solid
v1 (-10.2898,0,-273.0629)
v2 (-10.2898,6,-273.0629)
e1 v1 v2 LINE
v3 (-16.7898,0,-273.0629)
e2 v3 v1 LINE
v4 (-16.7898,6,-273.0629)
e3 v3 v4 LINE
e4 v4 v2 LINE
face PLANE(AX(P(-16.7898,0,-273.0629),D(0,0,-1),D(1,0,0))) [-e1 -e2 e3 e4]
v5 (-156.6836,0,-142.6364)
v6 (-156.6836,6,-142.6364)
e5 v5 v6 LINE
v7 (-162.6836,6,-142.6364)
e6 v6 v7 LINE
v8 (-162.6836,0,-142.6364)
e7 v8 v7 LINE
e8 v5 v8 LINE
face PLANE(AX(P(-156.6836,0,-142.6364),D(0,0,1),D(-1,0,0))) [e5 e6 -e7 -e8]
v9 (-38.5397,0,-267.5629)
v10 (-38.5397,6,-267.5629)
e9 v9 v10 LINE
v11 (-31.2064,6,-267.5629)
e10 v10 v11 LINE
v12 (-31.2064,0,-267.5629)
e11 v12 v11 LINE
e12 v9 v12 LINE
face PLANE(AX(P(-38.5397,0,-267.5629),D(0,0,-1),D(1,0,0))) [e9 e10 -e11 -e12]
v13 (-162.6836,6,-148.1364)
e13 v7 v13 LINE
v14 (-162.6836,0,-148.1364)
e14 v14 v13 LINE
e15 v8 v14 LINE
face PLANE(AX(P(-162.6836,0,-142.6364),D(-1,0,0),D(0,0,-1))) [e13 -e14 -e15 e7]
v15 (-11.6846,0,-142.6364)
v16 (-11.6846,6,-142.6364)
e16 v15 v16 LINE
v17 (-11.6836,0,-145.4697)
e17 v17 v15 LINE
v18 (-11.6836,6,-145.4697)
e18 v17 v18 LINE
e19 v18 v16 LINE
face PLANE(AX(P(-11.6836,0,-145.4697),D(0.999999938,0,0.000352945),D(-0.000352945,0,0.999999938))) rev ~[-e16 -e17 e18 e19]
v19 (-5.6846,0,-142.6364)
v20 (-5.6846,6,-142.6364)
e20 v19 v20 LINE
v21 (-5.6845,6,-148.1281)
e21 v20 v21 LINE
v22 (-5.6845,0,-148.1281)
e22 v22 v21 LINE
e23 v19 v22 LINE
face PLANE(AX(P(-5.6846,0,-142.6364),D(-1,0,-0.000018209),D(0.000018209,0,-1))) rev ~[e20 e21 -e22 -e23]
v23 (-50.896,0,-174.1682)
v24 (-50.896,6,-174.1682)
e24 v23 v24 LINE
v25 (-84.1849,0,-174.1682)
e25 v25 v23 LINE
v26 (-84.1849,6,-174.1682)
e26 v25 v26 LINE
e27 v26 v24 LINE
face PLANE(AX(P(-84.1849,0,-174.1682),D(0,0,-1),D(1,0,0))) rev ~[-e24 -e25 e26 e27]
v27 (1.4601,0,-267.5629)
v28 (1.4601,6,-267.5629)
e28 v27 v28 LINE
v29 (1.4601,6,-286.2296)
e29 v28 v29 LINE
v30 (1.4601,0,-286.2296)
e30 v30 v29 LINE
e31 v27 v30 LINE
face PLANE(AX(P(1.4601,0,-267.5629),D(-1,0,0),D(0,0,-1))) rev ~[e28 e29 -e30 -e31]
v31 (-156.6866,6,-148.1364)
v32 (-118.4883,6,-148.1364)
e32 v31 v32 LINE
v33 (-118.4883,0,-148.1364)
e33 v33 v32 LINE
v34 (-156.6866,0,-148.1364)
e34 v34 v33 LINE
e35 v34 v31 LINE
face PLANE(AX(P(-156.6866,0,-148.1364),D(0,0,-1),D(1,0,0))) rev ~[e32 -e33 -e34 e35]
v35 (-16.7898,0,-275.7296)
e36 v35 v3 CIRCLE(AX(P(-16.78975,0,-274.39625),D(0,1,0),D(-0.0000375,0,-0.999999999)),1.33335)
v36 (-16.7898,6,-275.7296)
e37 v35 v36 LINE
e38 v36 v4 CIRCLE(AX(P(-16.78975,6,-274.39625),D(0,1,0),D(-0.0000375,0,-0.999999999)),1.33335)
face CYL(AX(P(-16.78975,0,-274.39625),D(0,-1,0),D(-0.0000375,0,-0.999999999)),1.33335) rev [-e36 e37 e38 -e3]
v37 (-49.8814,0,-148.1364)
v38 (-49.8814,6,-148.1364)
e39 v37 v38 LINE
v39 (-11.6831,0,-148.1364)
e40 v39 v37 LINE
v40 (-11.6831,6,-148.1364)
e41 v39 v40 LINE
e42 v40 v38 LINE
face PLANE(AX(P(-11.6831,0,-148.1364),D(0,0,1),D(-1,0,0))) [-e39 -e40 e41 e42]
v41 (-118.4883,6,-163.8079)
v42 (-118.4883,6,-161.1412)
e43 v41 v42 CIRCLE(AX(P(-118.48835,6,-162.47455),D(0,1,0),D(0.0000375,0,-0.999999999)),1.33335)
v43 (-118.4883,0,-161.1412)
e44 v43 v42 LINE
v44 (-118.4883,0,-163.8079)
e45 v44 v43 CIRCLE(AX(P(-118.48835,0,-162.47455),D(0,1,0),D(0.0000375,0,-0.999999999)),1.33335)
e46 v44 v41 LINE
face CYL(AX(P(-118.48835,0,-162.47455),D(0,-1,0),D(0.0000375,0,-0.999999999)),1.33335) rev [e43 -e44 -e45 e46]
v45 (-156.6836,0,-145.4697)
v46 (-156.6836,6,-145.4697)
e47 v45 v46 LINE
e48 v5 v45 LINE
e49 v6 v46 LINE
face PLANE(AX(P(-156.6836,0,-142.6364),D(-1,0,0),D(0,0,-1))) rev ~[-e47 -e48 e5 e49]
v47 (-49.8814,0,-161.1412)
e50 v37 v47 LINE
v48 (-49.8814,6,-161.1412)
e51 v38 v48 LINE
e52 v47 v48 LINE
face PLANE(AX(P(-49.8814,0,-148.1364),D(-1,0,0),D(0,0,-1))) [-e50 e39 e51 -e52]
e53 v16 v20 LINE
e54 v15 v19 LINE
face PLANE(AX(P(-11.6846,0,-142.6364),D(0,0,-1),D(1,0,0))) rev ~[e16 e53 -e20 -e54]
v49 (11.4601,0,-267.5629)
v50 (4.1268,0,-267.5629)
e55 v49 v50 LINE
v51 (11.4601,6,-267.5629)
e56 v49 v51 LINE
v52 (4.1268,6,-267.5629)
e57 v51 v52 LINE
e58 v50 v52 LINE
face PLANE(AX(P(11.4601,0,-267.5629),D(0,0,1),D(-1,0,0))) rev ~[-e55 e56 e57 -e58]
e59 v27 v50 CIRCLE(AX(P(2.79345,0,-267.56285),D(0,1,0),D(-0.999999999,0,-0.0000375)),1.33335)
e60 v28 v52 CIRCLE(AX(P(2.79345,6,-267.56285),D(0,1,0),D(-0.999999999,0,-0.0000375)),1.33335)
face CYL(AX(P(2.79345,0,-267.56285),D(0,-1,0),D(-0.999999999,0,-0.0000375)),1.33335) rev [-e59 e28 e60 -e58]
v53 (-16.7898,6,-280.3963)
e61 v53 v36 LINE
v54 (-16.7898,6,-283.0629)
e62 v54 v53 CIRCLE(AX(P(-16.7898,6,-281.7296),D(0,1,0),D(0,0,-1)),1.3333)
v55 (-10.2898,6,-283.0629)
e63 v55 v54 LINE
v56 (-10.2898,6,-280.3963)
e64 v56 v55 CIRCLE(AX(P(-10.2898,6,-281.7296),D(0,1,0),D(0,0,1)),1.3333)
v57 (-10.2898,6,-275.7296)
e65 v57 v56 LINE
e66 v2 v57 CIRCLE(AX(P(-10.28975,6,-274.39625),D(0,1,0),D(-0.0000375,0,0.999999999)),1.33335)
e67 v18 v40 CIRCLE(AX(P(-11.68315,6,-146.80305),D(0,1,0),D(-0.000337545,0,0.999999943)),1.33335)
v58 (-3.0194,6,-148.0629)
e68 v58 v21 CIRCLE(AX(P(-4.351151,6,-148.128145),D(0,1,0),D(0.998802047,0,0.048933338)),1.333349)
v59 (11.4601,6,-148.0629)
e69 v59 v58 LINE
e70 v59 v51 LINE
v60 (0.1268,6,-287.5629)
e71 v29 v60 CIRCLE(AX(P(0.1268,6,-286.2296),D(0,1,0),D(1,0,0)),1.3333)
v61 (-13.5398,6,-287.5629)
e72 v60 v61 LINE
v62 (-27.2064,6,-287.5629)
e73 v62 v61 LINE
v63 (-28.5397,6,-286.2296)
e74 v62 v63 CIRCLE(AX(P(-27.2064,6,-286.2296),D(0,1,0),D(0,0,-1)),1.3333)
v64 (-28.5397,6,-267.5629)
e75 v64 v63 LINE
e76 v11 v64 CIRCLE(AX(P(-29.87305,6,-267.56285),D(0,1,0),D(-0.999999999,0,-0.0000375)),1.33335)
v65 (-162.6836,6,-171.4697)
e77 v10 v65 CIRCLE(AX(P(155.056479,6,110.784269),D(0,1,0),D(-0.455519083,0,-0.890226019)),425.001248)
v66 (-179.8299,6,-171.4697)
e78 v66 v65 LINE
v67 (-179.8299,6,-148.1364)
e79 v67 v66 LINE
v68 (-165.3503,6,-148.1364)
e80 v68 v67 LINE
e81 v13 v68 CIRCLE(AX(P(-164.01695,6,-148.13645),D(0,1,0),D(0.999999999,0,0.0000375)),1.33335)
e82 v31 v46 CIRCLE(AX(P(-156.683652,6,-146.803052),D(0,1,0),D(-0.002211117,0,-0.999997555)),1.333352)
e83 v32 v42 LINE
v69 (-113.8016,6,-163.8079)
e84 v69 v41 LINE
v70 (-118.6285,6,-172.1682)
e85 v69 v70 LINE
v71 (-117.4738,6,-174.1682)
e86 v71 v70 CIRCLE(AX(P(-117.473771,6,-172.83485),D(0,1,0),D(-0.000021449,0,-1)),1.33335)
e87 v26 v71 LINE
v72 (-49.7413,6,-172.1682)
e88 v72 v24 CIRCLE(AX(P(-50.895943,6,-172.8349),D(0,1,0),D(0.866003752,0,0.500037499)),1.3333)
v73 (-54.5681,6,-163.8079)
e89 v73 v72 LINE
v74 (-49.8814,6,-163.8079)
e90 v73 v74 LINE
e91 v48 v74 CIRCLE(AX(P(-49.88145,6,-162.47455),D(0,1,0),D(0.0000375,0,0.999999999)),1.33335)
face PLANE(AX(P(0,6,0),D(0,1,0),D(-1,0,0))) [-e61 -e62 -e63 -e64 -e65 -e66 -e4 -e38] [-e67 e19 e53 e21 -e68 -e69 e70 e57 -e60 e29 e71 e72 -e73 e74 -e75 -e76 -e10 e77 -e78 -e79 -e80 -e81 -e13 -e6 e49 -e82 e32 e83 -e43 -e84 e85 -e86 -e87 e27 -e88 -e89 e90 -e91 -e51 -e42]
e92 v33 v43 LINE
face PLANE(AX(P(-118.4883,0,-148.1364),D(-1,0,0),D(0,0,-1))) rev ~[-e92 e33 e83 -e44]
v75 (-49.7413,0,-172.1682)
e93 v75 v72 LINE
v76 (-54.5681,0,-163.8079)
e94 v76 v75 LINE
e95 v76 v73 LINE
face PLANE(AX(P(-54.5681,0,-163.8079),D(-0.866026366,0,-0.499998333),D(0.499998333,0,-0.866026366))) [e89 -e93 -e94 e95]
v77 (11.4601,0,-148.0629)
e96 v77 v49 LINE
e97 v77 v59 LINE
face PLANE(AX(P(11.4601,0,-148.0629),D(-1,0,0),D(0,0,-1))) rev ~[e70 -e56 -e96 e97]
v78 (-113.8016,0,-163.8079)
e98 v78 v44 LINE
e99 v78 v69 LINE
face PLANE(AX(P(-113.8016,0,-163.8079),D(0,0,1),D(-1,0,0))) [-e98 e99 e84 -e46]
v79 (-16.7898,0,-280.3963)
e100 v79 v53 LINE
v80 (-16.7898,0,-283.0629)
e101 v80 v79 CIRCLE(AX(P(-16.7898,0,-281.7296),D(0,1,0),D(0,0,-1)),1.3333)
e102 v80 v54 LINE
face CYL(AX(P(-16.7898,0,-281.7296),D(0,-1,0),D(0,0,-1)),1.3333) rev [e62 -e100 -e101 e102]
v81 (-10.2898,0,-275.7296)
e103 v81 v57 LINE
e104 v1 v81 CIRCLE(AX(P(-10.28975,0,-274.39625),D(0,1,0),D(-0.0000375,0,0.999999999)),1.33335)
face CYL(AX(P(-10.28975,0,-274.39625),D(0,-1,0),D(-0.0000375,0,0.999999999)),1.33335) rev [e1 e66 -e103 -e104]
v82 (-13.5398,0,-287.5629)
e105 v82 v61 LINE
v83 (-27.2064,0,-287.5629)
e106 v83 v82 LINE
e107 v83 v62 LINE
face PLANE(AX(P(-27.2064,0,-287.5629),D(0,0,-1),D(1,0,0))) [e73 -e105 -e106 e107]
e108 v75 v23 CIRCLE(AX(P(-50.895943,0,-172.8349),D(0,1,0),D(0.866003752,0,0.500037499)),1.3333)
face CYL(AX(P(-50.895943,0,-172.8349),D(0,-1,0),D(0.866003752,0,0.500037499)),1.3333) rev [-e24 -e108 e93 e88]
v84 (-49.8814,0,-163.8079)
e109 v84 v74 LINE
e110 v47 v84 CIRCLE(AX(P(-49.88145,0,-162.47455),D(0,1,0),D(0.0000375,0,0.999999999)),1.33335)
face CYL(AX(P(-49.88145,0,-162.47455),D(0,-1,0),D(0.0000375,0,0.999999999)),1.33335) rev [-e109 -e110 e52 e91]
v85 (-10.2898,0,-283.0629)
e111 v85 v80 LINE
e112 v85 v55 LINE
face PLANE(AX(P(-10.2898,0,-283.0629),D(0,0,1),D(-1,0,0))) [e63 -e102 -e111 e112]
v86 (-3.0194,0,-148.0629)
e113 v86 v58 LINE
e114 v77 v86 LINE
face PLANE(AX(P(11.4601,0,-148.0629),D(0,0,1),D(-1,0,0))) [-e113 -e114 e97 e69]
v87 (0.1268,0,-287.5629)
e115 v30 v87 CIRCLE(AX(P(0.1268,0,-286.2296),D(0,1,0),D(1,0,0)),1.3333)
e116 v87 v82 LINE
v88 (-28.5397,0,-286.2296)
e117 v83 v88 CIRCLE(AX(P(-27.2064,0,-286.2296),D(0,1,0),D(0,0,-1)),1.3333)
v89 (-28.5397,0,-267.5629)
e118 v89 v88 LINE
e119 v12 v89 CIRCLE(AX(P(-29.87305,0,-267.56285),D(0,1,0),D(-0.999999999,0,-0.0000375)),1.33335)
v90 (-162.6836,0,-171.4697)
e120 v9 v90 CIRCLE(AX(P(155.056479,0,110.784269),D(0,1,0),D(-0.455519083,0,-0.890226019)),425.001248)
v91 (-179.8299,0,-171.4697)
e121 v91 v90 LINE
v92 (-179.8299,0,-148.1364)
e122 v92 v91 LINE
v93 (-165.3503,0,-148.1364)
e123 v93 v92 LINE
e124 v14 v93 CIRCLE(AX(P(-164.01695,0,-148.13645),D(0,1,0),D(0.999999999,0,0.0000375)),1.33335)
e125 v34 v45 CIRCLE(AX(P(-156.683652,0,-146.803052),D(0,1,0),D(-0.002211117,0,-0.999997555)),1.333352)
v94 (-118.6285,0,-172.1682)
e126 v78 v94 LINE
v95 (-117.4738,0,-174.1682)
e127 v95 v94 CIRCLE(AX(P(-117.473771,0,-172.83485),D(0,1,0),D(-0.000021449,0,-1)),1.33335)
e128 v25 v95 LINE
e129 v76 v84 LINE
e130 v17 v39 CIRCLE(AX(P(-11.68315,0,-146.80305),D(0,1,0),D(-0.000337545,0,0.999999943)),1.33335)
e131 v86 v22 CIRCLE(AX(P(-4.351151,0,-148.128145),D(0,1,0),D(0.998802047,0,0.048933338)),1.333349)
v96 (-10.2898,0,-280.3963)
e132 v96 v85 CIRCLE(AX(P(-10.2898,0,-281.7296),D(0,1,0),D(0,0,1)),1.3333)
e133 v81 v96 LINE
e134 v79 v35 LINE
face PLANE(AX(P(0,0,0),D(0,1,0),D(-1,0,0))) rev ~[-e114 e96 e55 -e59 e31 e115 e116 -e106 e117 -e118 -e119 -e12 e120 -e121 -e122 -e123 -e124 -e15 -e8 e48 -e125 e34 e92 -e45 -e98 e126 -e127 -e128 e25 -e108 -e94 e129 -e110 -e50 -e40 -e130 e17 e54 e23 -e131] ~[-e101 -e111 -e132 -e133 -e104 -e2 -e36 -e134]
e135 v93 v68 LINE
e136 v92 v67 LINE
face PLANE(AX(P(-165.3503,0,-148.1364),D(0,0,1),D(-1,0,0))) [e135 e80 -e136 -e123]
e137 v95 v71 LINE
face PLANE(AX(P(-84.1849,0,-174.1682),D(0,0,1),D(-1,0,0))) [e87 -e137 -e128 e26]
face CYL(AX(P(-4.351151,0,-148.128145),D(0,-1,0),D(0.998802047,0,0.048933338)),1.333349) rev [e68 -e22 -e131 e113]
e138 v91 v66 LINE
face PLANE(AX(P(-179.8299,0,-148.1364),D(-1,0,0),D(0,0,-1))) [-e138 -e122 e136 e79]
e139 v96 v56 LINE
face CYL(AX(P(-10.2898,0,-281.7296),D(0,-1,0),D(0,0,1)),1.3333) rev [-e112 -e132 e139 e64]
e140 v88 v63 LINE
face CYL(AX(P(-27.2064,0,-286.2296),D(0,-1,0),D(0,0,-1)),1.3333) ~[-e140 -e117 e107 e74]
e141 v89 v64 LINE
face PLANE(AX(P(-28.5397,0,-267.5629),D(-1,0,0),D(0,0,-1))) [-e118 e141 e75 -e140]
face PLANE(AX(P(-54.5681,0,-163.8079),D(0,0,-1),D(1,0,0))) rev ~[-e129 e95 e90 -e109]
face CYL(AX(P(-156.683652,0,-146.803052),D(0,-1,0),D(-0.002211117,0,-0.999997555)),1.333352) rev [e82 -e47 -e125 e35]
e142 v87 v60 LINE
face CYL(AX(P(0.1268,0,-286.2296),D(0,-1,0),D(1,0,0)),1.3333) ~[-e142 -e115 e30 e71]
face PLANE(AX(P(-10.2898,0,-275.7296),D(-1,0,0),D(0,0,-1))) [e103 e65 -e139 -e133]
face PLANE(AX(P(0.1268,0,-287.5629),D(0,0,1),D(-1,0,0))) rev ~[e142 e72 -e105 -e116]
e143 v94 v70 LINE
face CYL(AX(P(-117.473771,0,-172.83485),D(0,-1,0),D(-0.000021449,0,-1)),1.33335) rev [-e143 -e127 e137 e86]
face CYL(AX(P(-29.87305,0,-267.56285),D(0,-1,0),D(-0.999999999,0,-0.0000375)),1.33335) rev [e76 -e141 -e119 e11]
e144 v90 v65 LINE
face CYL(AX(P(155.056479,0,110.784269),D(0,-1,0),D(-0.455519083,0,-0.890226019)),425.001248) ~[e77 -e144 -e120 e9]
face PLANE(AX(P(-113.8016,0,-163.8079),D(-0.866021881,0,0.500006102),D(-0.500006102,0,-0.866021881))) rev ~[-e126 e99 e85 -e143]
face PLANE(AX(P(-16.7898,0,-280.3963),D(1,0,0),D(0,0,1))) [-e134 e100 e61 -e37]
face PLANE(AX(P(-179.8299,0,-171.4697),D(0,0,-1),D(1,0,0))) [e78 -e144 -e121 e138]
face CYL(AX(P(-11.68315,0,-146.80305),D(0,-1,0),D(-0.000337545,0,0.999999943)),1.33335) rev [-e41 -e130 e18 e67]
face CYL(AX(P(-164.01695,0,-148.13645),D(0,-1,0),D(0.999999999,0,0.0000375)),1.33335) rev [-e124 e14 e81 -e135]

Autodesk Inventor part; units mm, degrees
ref_plane "YZ Plane" through (0, 0, 0) normal (1, 0, 0) x (0, 1, 0)
ref_plane "XZ Plane" through (0, 0, 0) normal (0, 1, 0) x (-1, 0, 0)
ref_plane "XY Plane" through (0, 0, 0) normal (0, 0, 1) x (1, 0, 0)
sketch "Sketch1" plane through (0, 0, 0) normal (0, 1, 0) x (-1, 0, 0)
  line L0 (113.8016, -163.8079) -> (118.6285, -172.1682)
  line L1 (113.8016, -163.8079) -> (118.4883, -163.8079)
  line L2 (118.4883, -148.1364) -> (118.4883, -161.1412)
  line L3 (156.6836, -142.6364) -> (162.6836, -142.6364)
  line L4 (162.6836, -142.6364) -> (162.6836, -148.1364)
  line L5 (156.6866, -148.1364) -> (118.4883, -148.1364)
  line L6 (11.6836, -145.4697) -> (11.6846, -142.6364)
  line L7 (11.6846, -142.6364) -> (5.6846, -142.6364)
  line L8 (5.6846, -142.6364) -> (5.6845, -148.1281)
  line L9 (11.6831, -148.1364) -> (49.8814, -148.1364)
  arc A0 (11.6836, -145.4697) -> (11.6831, -148.1364) centre (11.6831, -146.803) ccw
  arc A1 (3.0194, -148.0629) -> (5.6845, -148.1281) centre (4.3512, -148.1281) ccw
  line L10 (-11.4601, -148.0629) -> (3.0194, -148.0629)
  line L11 (162.6836, -145.3864) -> (185.043, -145.3864) construction
  line L12 (156.6836, -142.6364) -> (156.6836, -145.4697)
  line L13 (165.3503, -148.1364) -> (179.8299, -148.1364)
  arc A2 (156.6866, -148.1364) -> (156.6836, -145.4697) centre (156.6836, -146.803) ccw
  arc A3 (162.6836, -148.1364) -> (165.3503, -148.1364) centre (164.017, -148.1364) ccw
  line L14 (179.8299, -148.1364) -> (179.8299, -171.4697)
  line L15 (179.8299, -171.4697) -> (162.6836, -171.4697)
  line L16 (118.4883, -161.1412) -> (118.4883, -164.2811)
  arc A4 (118.4883, -163.8079) -> (118.4883, -161.1412) centre (118.4883, -162.4745) ccw
  line L17 (84.1849, -148.1364) -> (84.1849, -155.2534)
  arc A5 (117.4738, -174.1682) -> (118.6285, -172.1682) centre (117.4738, -172.8349) ccw
  line L18 (84.1849, -174.1682) -> (117.4738, -174.1682)
  line L19 (54.5681, -163.8079) -> (49.7413, -172.1682)
  line L20 (54.5681, -163.8079) -> (49.8814, -163.8079)
  line L21 (49.8814, -148.1364) -> (49.8814, -161.1412)
  line L22 (49.8814, -161.1412) -> (49.8814, -164.2811)
  arc A6 (49.8814, -161.1412) -> (49.8814, -163.8079) centre (49.8814, -162.4745) ccw
  arc A7 (49.7413, -172.1682) -> (50.896, -174.1682) centre (50.896, -172.8349) ccw
  line L23 (84.1849, -174.1682) -> (50.896, -174.1682)
  line L24 (-11.4601, -148.0629) -> (-11.4601, -267.5629)
  line L25 (-11.4601, -267.5629) -> (-4.1268, -267.5629)
  arc A8 (-1.4601, -267.5629) -> (-4.1268, -267.5629) centre (-2.7935, -267.5629) ccw
  line L26 (-1.4601, -267.5629) -> (-1.4601, -286.2296)
  line L27 (-0.1268, -287.5629) -> (13.5398, -287.5629)
  arc A9 (-1.4601, -286.2296) -> (-0.1268, -287.5629) centre (-0.1268, -286.2296) ccw
  line L28 (38.5397, -267.5629) -> (31.2064, -267.5629)
  arc A10 (31.2064, -267.5629) -> (28.5397, -267.5629) centre (29.873, -267.5629) ccw
  line L29 (28.5397, -267.5629) -> (28.5397, -286.2296)
  line L30 (27.2064, -287.5629) -> (13.5398, -287.5629)
  arc A11 (27.2064, -287.5629) -> (28.5397, -286.2296) centre (27.2064, -286.2296) ccw
  line L31 (13.5398, -267.5629) -> (13.5398, -273.0629) construction
  line L32 (16.7898, -273.0629) -> (10.2898, -273.0629)
  line L33 (10.2898, -275.7296) -> (10.2898, -280.3963)
  line L34 (10.2898, -283.0629) -> (16.7898, -283.0629)
  line L35 (16.7898, -280.3963) -> (16.7898, -275.7296)
  arc A12 (16.7898, -275.7296) -> (16.7898, -273.0629) centre (16.7898, -274.3963) ccw
  arc A13 (10.2898, -273.0629) -> (10.2898, -275.7296) centre (10.2898, -274.3963) ccw
  arc A14 (10.2898, -280.3963) -> (10.2898, -283.0629) centre (10.2898, -281.7296) ccw
  arc A15 (16.7898, -283.0629) -> (16.7898, -280.3963) centre (16.7898, -281.7296) ccw
  arc A16 (38.5397, -267.5629) -> (162.6836, -171.4697) centre (-155.0558, 110.7832) ccw
  point P0 (-1.4601, -287.5629)
  dimension "d170" = 13.0048
  dimension "d173" = 6
  dimension "d174" = 5.5
  dimension "d202" = 6
  dimension "d203" = 1.3333
  dimension "d204" = 1.3333
  dimension "d208" = 191.29
  dimension "d209" = 2.6667
  dimension "d210" = 2.6667
  dimension "d212" = 14.4796
  dimension "d213" = 61.3416
  dimension "d214" = 145
  dimension "d223" = 38.1984
  dimension "d226" = 61.3416
  dimension "d232" = 2.6667
  dimension "d233" = 2.6667
  dimension "d235" = 60
  dimension "d236" = 33.2889
  dimension "d238" = 68.6068
  dimension "d239" = 33.2889
  dimension "d242" = 119.5
  dimension "d243" = 7.3333
  dimension "d244" = 2.6667
  dimension "d245" = 20
  dimension "d246" = 1.3333
  dimension "d247" = 5.5
  dimension "d248" = 4.5
  dimension "d249" = 6.5
  dimension "d250" = 3.25
  dimension "d251" = 10
  dimension "d252" = 2.6667
  dimension "d253" = 2.6667
  dimension "d254" = 2.6667
  dimension "d255" = 2.6667
  dimension "d256" = 425
extrude "Extrusion5" add sketch "Sketch1" along normal blind 6 contours L1 A4 L2 L5 A2 L12 L3 L4 A3 L13 L14 L15 A16 L28 A10 L29 A11 L30 L27 A9 L26 A8 L25 L24 L10 A1 L8 L7 L6 A0 L9 L21 A6 L20 L19 A7 L23 L18 A5 L0
properties part number "Support E"
